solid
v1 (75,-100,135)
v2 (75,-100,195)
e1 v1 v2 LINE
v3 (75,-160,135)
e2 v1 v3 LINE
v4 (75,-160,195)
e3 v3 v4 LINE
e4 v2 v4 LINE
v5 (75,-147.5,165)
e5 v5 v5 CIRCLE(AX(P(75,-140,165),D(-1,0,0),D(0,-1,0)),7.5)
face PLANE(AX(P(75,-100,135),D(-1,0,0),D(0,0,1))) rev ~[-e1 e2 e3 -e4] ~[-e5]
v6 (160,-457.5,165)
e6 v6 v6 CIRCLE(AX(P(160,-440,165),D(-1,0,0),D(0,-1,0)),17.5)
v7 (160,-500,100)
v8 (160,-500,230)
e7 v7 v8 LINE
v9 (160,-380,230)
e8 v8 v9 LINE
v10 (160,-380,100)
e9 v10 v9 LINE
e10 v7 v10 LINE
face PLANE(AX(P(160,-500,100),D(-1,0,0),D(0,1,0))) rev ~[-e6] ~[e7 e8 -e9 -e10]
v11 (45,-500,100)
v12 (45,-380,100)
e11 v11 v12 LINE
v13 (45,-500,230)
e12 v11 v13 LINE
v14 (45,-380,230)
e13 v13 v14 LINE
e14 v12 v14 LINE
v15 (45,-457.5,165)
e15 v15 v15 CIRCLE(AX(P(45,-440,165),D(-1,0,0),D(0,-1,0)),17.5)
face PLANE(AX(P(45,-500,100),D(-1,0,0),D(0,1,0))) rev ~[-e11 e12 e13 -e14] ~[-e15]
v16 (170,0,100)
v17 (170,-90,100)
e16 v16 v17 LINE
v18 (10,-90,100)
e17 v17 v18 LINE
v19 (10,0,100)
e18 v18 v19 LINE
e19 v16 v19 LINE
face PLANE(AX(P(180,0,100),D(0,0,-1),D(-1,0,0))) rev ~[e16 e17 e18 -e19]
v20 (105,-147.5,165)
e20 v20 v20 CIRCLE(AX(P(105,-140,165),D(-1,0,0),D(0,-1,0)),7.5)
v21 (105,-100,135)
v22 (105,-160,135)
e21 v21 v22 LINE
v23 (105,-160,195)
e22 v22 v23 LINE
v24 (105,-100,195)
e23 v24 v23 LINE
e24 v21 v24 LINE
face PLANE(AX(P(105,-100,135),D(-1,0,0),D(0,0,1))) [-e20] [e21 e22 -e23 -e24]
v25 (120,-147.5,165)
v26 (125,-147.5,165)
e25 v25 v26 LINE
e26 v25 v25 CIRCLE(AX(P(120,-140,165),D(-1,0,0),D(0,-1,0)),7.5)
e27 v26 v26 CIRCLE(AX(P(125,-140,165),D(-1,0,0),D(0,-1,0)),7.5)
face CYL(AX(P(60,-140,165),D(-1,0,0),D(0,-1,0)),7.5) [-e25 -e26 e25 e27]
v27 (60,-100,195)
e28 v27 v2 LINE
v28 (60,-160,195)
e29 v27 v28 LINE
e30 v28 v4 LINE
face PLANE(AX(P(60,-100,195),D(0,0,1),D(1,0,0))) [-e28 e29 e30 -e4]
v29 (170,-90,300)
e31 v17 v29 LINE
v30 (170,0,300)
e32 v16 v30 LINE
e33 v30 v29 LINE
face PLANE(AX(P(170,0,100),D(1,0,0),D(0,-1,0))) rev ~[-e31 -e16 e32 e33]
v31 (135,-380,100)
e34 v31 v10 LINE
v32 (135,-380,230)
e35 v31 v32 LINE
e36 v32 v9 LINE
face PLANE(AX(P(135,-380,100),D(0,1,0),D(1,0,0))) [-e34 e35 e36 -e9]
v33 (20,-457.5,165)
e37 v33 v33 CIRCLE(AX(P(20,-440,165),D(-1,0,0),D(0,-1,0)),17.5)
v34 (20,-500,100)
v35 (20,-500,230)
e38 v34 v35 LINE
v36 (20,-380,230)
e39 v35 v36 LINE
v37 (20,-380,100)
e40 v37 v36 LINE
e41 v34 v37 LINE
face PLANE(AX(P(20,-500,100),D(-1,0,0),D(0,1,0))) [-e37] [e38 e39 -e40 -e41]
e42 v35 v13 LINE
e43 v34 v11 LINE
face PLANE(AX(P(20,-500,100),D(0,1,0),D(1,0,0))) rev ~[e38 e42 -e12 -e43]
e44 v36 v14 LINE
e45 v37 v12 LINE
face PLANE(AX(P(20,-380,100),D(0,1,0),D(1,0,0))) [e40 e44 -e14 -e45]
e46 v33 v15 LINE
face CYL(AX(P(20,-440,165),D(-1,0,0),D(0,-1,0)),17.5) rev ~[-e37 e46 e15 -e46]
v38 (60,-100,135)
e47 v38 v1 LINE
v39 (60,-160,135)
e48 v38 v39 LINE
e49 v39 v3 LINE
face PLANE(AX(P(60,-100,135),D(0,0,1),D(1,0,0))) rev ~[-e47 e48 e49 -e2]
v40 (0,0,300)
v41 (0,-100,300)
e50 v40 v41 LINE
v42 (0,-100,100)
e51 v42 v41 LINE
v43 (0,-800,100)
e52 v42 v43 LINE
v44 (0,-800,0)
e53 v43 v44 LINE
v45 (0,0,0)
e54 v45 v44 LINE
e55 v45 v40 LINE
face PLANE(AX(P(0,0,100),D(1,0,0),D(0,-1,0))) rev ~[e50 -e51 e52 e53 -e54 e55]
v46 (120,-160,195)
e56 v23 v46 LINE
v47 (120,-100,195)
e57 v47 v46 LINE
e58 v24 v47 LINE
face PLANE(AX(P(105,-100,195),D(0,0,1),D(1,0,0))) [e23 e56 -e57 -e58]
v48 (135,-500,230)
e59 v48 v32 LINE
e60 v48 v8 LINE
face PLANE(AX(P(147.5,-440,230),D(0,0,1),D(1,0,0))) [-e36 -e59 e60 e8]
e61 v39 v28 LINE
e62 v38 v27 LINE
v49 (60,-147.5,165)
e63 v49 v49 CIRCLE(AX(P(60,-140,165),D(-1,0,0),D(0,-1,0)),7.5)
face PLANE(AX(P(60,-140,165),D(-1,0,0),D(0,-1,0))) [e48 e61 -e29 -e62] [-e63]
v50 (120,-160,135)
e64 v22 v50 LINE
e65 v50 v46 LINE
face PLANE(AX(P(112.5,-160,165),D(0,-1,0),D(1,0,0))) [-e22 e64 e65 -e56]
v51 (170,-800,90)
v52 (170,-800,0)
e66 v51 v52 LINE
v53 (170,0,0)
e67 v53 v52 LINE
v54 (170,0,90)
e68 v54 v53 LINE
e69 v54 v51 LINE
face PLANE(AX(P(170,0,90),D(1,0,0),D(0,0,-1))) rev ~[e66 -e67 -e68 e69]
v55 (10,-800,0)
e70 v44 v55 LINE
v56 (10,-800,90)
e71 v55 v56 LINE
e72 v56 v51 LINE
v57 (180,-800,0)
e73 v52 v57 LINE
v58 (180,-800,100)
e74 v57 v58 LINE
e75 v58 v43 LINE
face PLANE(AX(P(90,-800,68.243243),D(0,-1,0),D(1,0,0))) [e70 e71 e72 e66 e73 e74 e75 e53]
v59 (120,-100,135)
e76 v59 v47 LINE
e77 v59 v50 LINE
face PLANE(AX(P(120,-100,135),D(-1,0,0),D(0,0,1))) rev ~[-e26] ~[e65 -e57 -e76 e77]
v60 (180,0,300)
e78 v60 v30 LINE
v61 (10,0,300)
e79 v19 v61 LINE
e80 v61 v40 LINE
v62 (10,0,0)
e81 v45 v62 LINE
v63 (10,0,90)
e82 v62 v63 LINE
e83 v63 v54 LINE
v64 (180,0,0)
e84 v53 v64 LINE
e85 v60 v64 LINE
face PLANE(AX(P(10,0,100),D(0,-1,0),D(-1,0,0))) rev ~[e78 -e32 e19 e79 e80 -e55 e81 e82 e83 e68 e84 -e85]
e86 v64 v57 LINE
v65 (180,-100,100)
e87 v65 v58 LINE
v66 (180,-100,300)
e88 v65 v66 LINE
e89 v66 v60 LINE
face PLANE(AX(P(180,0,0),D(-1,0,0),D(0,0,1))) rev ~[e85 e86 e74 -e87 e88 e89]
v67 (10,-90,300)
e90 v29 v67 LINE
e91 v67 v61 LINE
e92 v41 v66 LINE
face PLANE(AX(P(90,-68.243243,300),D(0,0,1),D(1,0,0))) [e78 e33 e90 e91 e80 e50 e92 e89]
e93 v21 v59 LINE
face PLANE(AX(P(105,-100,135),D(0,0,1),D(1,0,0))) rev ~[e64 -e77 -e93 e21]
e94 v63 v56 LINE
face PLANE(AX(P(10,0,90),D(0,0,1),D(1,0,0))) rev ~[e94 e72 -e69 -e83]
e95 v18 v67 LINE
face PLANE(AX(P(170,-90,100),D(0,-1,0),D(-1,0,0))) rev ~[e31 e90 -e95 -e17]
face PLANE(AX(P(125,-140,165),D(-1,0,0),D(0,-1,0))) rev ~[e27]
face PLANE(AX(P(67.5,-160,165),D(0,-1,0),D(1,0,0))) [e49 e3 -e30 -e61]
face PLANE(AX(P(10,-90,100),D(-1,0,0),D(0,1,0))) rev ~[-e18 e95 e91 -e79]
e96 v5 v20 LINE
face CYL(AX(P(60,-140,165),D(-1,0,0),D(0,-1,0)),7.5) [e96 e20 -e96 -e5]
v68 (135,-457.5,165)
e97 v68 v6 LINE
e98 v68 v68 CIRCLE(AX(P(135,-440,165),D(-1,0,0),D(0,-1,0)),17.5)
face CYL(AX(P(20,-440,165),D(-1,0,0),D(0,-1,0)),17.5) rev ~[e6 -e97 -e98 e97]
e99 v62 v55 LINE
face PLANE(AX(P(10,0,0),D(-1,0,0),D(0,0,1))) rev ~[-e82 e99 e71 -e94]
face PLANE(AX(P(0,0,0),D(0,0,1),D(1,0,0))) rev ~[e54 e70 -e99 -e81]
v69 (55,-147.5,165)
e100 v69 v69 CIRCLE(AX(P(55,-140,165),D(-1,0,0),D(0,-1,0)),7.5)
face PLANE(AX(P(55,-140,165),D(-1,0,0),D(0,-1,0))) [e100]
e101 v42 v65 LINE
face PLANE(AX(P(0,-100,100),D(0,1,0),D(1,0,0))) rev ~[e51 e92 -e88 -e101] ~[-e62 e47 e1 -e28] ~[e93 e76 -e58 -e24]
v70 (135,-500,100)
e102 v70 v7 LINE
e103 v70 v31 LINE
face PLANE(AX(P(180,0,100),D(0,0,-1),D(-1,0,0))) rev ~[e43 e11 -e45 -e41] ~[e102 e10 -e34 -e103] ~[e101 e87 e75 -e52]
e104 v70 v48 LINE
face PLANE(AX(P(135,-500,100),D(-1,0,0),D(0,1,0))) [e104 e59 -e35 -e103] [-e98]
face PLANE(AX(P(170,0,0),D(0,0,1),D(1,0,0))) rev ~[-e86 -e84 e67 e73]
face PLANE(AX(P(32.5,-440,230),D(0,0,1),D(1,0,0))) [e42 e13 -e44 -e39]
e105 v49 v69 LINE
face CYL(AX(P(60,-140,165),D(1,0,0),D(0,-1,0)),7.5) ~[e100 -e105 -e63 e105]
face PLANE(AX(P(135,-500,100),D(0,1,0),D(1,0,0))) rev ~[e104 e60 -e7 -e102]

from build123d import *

# Parameters (mm, degrees)
F1_DEPTH      = 800
F3_DEPTH      = 200
F4_W          = 25
F4_H          = 120
F5_DEPTH      = 130
F6_W          = 15
F6_H          = 60
F7_DEPTH      = 60
F8_R          = 7.5
F9_DEPTH      = 65
F9_DEPTH_BACK = 5
F10_R         = 17.5
F11_DEPTH     = 160.001


with BuildPart() as f1:
    # F0 (on Front) → F1 (new body)
    with BuildSketch(Plane.XZ):
        Polygon((0, 100), (0, 0), (10, 0), (10, 90), (170, 90), (170, 0), (180, 0), (180, 100), align=None)
    extrude(amount=F1_DEPTH)

    # F2 (on face) → F3 (join)
    with BuildSketch(Plane.XY.offset(100)):
        Polygon((10, 0), (0, 0), (0, -100), (180, -100), (180, 0), (170, 0), (170, -90), (10, -90), align=None)
    extrude(amount=F3_DEPTH)

    # F4 (on face) → F5 (join)
    with BuildSketch(Plane.XY.offset(100)):
        with Locations((32.5, -440)):
            Rectangle(F4_W, F4_H)
        with Locations((147.5, -440)):
            Rectangle(F4_W, F4_H)
    extrude(amount=F5_DEPTH)

    # F6 (on face) → F7 (join)
    with BuildSketch(Plane.XZ.offset(100)):
        with Locations((67.5, 165)):
            Rectangle(F6_W, F6_H)
        with Locations((112.5, 165)):
            Rectangle(F6_W, F6_H)
    extrude(amount=F7_DEPTH)

    # F8 (on face) → F9 (join, two sides)
    with BuildSketch(Plane(origin=(60, 0, 0), x_dir=(0, -1, 0), z_dir=(-1, 0, 0))) as f9_sk:
        with Locations((140, 165)):
            Circle(F8_R)
    extrude(amount=-F9_DEPTH)
    extrude(f9_sk.sketch, amount=F9_DEPTH_BACK)

    # F10 (on face) → F11 (cut, through all)
    with BuildSketch(Plane(origin=(20, 0, 0), x_dir=(0, -1, 0), z_dir=(-1, 0, 0))):
        with Locations((440, 165)):
            Circle(F10_R)
    extrude(amount=-F11_DEPTH, mode=Mode.SUBTRACT)


solid = f1.part
